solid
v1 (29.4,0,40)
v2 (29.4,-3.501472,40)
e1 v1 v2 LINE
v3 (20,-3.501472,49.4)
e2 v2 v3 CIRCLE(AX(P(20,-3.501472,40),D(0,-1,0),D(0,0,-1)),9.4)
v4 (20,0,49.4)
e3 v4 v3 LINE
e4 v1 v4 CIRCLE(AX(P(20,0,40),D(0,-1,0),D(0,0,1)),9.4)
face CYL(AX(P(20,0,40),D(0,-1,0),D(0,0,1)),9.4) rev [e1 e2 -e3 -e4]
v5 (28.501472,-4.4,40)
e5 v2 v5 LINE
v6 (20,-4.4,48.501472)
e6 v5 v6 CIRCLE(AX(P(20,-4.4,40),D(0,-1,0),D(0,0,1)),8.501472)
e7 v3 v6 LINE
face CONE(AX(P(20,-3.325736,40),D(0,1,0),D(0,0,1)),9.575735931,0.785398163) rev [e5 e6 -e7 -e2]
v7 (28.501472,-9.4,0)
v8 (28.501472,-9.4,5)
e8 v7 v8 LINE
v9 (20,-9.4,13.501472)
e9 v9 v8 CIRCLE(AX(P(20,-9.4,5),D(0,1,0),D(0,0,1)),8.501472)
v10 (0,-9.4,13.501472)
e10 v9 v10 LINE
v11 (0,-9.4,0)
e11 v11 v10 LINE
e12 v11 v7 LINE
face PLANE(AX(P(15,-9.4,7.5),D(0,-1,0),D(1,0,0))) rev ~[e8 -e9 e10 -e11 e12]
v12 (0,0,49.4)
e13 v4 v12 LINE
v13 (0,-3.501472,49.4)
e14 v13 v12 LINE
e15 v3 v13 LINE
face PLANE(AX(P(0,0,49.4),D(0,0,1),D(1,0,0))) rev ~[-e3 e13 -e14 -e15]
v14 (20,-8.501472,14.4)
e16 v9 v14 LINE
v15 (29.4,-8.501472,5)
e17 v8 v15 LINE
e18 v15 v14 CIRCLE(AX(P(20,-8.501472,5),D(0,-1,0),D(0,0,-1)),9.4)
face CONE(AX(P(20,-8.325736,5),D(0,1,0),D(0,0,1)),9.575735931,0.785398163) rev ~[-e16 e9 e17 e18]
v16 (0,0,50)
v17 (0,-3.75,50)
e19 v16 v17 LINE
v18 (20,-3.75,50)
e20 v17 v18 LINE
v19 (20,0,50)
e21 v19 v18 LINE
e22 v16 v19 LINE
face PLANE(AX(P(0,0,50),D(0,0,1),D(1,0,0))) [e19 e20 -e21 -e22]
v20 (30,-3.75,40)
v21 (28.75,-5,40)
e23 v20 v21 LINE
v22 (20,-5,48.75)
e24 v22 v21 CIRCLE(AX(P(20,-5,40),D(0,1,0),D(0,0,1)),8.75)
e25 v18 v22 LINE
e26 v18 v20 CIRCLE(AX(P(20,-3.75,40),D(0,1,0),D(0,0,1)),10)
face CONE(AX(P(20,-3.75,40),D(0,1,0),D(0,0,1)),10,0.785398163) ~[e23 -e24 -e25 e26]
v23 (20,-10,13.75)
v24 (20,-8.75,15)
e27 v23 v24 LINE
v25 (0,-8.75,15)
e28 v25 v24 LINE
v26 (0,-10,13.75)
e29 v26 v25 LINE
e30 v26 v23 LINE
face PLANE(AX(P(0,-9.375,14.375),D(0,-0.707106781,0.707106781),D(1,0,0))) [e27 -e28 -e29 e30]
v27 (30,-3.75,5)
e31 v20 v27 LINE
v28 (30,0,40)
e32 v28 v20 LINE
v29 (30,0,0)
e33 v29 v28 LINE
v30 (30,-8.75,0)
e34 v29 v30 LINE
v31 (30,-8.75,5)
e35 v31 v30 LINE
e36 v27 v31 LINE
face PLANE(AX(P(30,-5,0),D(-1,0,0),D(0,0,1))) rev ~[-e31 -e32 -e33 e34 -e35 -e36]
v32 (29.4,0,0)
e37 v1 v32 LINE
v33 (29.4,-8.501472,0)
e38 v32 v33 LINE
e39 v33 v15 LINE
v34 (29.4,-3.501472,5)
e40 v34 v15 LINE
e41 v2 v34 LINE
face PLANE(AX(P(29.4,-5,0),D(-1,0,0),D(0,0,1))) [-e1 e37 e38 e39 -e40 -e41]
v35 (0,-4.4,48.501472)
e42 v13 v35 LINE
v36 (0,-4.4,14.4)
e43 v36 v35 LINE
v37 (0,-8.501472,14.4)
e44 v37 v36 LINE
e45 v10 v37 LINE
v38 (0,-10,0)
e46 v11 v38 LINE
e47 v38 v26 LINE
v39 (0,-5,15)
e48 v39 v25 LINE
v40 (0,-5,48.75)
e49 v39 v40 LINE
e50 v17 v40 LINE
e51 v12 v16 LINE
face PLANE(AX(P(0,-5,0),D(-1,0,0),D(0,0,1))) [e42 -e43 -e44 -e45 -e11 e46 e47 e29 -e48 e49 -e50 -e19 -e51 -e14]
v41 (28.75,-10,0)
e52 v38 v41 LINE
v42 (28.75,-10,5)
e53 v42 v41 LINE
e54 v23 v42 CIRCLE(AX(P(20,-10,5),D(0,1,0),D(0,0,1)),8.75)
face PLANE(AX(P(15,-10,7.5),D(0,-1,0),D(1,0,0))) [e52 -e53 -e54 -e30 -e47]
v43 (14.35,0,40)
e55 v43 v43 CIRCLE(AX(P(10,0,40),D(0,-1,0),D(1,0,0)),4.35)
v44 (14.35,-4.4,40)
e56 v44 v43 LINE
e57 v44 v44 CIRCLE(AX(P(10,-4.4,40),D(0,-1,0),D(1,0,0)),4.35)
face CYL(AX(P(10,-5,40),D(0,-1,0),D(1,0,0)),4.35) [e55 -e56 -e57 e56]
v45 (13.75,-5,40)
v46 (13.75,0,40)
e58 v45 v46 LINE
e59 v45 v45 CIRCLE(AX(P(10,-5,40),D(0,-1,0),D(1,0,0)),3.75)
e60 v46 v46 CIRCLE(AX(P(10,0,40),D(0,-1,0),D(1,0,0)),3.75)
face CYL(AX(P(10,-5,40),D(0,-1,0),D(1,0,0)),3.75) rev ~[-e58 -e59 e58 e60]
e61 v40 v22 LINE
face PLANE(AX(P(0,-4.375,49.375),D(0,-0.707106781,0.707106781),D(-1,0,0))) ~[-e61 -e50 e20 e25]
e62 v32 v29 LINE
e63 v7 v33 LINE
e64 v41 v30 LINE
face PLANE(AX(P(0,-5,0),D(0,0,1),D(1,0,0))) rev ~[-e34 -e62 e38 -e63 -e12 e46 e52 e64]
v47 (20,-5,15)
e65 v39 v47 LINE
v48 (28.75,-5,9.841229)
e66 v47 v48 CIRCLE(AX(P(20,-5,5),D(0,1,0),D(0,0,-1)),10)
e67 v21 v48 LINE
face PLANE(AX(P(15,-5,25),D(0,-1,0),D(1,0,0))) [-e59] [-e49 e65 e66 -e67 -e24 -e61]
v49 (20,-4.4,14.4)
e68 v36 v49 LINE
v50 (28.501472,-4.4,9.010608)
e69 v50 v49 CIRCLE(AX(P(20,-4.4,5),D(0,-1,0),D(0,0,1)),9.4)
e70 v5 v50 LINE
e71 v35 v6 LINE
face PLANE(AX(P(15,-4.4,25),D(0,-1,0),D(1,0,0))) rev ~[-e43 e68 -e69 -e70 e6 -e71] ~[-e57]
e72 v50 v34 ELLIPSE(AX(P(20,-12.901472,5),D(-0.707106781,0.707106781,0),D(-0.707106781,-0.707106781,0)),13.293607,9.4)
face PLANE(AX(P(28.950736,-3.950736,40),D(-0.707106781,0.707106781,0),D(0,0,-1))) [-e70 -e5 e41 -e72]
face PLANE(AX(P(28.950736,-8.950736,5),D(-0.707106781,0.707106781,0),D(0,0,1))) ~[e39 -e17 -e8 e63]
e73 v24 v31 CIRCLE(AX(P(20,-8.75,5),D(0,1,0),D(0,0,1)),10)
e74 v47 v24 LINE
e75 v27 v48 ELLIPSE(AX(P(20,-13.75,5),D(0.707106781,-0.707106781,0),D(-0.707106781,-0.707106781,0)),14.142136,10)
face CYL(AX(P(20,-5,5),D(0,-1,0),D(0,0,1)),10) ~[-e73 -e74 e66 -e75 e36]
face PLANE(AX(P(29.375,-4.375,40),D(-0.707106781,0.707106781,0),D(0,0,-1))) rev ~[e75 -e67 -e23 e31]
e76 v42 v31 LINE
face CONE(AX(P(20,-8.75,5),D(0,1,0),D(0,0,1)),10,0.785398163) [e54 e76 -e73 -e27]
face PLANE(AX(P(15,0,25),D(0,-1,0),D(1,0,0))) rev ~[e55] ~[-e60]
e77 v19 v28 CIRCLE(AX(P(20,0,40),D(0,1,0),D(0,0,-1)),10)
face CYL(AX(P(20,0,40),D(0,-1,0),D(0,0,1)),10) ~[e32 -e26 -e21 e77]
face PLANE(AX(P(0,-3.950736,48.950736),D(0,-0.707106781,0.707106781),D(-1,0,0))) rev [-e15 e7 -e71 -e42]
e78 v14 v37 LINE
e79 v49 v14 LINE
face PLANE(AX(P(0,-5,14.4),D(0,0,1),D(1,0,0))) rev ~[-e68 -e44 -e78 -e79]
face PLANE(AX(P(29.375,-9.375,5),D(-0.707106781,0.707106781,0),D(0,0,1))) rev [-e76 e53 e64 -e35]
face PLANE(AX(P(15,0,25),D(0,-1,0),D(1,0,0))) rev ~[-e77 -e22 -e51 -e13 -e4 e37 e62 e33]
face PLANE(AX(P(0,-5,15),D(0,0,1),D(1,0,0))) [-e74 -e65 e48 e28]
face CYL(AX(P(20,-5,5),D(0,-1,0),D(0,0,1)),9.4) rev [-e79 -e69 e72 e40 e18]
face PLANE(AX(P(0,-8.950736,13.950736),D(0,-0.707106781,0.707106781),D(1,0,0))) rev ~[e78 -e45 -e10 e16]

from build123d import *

# Parameters (mm, degrees)
F0_W     = 30
F0_H     = 50
F1_DEPTH = 5
F2_W     = 30
F2_H     = 15
F3_DEPTH = 5
F4_R     = 3.75
F5_DEPTH = 5.001
F6_R     = 10
F7_SIZE  = 1.25
F8_T     = -0.6


with BuildPart() as f1:
    # F0 (on Front) → F1 (new body)
    with BuildSketch(Plane.XZ):
        with Locations((15, 25)):
            Rectangle(F0_W, F0_H)
    extrude(amount=F1_DEPTH)

    # F2 (on face) → F3 (join)
    with BuildSketch(Plane.XZ.offset(5)):
        with Locations((15, 7.5)):
            Rectangle(F2_W, F2_H)
    extrude(amount=F3_DEPTH)

    # F4 (on face) → F5 (cut, through all)
    with BuildSketch(Plane.XZ.offset(5)):
        with Locations((10, 40)):
            Circle(F4_R)
    extrude(amount=-F5_DEPTH, mode=Mode.SUBTRACT)

    # F6
    f6_edges = [f1.edges().sort_by_distance(p)[0] for p in [
        (30, -2.5, 50),
        (30, -7.5, 15),
    ]]
    fillet(f6_edges, radius=F6_R)

    # F7
    f7_edges = [f1.edges().sort_by_distance(p)[0] for p in [
        (10, -5, 50),
        (10, -10, 15),
    ]]
    chamfer(f7_edges, length=F7_SIZE)

    # F8
    f8_openings = [f1.faces().sort_by_distance(p)[0] for p in [
        (14.961923, -4.988033, 0),
        (0, -3.637279, 20.90781),
        (14.962998, 0, 24.197378),
    ]]
    offset(amount=F8_T, openings=f8_openings, kind=Kind.INTERSECTION)


solid = f1.part
